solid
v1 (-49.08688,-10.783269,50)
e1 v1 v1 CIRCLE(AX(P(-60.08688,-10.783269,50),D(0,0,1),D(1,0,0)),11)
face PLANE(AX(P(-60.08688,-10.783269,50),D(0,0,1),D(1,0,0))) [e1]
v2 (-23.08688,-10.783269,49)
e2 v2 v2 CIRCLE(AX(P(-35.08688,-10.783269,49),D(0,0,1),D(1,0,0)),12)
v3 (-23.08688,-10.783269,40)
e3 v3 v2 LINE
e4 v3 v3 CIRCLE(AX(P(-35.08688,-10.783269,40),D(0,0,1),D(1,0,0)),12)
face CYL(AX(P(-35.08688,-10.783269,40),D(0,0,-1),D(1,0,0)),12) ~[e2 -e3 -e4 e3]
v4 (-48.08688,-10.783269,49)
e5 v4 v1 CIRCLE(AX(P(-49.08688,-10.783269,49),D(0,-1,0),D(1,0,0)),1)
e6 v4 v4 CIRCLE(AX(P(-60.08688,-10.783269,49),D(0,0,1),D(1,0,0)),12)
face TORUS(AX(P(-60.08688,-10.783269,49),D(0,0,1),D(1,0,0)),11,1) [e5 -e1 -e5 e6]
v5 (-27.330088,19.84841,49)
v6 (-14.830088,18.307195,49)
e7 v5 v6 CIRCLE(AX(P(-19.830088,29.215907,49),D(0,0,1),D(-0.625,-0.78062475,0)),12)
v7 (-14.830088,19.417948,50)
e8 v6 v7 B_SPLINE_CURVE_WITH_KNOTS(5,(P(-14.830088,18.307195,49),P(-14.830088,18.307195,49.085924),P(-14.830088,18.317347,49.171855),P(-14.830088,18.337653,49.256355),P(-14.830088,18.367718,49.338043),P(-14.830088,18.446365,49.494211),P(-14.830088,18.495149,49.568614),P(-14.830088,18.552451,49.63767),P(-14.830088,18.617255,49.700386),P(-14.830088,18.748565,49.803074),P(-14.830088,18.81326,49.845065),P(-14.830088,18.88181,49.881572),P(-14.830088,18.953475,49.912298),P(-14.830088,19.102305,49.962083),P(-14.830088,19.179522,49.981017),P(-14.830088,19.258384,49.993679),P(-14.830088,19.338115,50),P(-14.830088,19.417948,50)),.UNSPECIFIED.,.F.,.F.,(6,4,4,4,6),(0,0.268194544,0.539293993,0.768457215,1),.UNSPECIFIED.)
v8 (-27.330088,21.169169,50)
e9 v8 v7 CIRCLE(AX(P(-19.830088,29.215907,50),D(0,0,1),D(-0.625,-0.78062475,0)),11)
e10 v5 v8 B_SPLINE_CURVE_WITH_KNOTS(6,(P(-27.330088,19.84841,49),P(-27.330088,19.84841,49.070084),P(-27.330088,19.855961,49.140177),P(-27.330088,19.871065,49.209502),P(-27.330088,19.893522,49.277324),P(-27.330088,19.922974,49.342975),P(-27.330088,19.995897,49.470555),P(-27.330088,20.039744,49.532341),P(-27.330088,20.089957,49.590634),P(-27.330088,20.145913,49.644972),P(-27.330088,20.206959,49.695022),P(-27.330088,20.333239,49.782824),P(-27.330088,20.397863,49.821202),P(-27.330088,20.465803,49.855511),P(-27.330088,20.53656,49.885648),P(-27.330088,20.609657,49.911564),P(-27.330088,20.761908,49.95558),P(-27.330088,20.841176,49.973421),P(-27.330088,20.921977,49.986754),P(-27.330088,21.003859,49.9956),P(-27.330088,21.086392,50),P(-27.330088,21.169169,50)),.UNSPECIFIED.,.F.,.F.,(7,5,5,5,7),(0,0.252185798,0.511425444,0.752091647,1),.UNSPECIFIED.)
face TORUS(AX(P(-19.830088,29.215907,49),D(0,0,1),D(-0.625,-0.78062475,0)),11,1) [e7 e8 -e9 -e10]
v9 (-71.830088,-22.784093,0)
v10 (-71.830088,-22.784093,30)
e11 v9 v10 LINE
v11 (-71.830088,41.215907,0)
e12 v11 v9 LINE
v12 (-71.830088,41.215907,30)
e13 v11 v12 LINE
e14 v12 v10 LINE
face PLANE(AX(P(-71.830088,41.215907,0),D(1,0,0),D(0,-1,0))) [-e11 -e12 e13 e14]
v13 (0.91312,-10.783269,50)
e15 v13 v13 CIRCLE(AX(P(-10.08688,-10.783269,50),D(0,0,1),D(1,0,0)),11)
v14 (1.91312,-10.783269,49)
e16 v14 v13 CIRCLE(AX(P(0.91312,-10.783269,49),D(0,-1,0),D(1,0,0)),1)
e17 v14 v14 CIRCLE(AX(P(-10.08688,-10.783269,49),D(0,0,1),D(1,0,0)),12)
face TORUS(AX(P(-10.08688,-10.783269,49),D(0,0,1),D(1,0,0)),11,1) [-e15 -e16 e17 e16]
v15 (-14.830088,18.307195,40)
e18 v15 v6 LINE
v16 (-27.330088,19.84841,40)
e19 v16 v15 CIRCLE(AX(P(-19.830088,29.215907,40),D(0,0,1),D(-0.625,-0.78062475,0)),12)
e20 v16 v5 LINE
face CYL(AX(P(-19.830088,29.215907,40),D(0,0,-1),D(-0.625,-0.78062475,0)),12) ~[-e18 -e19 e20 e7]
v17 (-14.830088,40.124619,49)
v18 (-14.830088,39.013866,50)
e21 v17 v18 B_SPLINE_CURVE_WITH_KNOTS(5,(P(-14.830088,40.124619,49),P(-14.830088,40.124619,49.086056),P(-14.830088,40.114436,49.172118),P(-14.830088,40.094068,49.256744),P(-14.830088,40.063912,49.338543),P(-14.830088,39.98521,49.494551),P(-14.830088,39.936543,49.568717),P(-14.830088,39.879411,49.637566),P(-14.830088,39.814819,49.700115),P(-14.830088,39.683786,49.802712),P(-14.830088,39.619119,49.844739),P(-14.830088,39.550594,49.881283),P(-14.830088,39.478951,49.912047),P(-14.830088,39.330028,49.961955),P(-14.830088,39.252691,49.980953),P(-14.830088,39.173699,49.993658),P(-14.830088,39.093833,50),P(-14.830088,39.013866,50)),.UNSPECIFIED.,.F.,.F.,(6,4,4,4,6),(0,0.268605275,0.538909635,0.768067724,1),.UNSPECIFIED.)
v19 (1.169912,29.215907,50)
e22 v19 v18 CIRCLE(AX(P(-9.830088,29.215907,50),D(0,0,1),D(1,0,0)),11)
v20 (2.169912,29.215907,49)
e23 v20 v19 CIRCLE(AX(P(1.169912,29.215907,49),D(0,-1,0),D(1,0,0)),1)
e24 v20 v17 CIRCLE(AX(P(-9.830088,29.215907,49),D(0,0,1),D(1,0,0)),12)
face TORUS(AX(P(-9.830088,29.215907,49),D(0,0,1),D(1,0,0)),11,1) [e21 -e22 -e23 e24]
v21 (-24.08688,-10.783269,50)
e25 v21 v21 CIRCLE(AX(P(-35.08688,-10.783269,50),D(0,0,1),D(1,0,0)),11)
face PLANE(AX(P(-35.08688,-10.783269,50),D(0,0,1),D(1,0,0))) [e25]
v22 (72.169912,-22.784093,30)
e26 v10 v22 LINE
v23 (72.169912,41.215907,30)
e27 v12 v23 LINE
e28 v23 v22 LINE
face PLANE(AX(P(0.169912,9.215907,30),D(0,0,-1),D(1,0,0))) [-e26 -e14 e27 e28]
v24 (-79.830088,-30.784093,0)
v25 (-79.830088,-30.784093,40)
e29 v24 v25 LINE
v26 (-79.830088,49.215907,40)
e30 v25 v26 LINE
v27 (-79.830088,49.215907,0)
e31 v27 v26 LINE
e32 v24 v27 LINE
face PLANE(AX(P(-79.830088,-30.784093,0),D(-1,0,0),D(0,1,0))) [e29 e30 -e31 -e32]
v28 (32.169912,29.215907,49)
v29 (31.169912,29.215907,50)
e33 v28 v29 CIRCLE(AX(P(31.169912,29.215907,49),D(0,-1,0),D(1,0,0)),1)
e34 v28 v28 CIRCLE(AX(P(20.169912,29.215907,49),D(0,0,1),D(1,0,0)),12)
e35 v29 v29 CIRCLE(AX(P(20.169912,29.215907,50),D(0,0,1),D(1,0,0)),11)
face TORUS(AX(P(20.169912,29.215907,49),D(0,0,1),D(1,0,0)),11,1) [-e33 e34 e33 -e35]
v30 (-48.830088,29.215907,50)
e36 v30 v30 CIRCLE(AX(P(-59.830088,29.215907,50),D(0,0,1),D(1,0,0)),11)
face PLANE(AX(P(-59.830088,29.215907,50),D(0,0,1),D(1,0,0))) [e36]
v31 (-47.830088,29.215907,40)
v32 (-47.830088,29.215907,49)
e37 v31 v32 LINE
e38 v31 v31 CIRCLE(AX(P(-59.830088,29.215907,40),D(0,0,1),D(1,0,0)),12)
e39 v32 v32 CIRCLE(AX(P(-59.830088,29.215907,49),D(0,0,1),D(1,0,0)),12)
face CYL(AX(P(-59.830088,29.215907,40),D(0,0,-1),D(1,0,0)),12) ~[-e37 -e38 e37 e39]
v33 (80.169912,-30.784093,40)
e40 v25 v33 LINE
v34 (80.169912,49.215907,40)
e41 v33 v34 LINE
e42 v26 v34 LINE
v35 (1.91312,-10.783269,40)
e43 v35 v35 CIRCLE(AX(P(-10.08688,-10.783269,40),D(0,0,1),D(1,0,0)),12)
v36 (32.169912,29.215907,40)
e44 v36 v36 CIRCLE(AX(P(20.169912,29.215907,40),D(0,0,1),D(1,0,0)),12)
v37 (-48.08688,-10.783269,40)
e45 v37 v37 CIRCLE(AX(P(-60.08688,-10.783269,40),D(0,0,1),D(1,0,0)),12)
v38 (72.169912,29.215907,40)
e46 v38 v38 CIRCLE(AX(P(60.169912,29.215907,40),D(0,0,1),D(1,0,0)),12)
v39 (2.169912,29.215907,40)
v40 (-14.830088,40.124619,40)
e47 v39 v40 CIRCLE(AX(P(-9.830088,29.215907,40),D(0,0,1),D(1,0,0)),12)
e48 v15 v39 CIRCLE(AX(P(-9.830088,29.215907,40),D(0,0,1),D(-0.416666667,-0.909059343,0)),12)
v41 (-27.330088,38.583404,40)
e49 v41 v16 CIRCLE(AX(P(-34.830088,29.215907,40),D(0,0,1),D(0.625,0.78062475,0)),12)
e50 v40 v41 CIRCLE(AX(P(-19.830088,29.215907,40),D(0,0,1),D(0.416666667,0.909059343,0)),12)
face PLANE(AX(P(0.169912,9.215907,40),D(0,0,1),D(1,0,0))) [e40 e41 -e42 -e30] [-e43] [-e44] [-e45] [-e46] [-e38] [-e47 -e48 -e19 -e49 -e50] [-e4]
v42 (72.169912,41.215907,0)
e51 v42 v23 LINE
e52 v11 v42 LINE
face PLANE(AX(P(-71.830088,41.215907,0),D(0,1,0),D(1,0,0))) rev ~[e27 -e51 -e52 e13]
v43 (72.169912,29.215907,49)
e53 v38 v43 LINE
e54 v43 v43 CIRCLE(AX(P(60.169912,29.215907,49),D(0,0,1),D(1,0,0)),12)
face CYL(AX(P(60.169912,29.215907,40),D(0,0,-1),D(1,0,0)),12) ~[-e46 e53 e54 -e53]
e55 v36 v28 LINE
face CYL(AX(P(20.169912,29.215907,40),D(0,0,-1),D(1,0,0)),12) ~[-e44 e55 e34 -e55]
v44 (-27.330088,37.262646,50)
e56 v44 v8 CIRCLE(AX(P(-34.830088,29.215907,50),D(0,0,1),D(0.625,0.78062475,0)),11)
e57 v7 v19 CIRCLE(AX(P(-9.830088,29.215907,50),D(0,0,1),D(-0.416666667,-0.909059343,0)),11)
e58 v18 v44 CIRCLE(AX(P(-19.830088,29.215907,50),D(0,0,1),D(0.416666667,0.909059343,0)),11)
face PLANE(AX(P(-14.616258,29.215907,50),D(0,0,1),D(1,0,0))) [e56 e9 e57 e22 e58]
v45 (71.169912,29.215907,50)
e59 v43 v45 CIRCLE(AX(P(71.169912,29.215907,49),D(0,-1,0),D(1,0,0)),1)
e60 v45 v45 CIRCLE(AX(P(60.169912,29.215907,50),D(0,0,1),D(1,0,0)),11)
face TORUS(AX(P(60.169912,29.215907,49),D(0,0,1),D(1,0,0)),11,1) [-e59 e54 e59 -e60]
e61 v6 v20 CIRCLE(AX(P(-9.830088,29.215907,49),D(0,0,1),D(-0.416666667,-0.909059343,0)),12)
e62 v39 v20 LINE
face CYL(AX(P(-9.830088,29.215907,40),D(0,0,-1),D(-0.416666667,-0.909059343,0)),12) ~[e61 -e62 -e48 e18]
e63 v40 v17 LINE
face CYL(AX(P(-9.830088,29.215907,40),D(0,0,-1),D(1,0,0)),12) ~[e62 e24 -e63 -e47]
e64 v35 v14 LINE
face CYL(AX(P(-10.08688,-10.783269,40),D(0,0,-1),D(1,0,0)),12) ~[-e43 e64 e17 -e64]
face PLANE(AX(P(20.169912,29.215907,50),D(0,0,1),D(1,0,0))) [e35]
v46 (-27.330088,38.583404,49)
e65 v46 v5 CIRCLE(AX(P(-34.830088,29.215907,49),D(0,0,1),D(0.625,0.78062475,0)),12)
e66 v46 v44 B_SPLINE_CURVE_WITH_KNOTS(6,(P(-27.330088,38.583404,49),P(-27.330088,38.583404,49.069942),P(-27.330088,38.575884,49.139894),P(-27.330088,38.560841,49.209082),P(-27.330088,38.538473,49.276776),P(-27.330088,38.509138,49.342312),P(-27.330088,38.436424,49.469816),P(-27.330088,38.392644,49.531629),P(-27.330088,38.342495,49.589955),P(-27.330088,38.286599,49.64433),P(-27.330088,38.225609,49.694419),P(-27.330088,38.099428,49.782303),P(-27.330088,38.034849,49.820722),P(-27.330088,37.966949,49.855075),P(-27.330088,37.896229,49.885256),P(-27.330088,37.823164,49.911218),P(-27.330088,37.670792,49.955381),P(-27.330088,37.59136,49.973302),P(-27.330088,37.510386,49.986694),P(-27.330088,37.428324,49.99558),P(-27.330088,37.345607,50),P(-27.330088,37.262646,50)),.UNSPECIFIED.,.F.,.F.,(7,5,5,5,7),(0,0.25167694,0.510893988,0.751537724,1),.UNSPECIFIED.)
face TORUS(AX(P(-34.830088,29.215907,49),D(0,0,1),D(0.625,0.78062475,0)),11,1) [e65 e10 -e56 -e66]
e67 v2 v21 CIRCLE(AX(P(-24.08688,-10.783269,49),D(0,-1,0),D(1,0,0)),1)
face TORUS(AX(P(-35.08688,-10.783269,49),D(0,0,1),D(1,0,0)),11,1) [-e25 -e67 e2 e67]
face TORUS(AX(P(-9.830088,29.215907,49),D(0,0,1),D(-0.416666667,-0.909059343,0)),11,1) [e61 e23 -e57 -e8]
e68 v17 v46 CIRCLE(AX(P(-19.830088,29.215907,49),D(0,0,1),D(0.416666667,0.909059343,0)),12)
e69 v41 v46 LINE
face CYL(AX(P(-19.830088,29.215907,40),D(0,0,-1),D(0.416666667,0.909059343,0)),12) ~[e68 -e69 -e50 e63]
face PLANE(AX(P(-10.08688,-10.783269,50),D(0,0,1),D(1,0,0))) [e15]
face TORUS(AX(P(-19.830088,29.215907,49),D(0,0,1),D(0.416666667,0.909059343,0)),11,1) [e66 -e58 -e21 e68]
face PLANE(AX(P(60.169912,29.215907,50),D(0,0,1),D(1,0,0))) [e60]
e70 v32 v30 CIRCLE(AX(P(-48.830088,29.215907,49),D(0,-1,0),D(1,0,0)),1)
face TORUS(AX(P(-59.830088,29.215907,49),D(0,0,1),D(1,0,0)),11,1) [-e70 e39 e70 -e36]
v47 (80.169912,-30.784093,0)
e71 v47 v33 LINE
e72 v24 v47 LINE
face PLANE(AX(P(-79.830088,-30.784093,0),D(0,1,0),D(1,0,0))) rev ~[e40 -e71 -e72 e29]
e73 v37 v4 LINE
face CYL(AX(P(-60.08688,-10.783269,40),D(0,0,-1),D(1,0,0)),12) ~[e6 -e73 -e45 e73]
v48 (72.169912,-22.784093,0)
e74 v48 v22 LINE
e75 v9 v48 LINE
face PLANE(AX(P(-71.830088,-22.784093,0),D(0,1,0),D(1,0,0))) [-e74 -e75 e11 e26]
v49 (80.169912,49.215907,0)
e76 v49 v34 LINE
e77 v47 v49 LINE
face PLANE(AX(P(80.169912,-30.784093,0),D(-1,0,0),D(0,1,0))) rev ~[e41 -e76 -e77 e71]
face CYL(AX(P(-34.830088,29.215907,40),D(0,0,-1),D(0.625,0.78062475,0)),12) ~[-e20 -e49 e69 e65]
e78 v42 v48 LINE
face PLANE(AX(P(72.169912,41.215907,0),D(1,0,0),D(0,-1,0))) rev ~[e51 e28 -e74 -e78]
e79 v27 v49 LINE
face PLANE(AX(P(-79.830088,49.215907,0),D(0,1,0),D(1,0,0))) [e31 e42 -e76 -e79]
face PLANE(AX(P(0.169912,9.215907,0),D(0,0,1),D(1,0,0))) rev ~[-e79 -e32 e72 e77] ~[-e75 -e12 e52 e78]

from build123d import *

# Parameters (mm, degrees)
F0_W     = 160
F0_H     = 80
F1_DEPTH = 40
F2_W     = 144
F2_H     = 64
F3_DEPTH = 30
F4_R     = 12
F5_DEPTH = 10
F6_R     = 1


with BuildPart() as f1:
    # F0 (on Top) → F1 (new body)
    with BuildSketch(Plane.XY):
        with Locations((0.1699122787, 9.2159071565)):
            Rectangle(F0_W, F0_H)
    extrude(amount=F1_DEPTH)

    # F2 (on face) → F3 (cut)
    with BuildSketch(Plane(origin=(0, 0, 0), x_dir=(1, 0, 0), z_dir=(0, 0, -1))):
        with Locations((0.1699122787, -9.2159071565)):
            Rectangle(F2_W, F2_H)
    extrude(amount=-F3_DEPTH, mode=Mode.SUBTRACT)

    # F4 (on face) → F5 (join)
    with BuildSketch(Plane.XY.offset(40)):
        with Locations((-59.8300877213, 29.2159071565)):
            Circle(F4_R)
        with BuildLine():
            ThreePointArc((-14.8300877213, 18.3071950418), (-9.730582783, 22.7351664581), (-7.8300877213, 29.2159071565))
            ThreePointArc((-7.8300877213, 29.2159071565), (-9.730582783, 35.6966478549), (-14.8300877213, 40.1246192711))
            ThreePointArc((-14.8300877213, 40.1246192711), (-21.8300877213, 29.2159071565), (-14.8300877213, 18.3071950418))
        make_face()
        with BuildLine():
            ThreePointArc((-14.8300877213, 40.1246192711), (-9.730582783, 35.6966478549), (-7.8300877213, 29.2159071565))
            ThreePointArc((-7.8300877213, 29.2159071565), (-9.730582783, 22.7351664581), (-14.8300877213, 18.3071950418))
            ThreePointArc((-14.8300877213, 18.3071950418), (-3.3493470229, 19.1164022181), (2.1699122787, 29.2159071565))
            ThreePointArc((2.1699122787, 29.2159071565), (-3.3493470229, 39.3154120948), (-14.8300877213, 40.1246192711))
        make_face()
        with BuildLine():
            ThreePointArc((-14.8300877213, 18.3071950418), (-21.8300877213, 29.2159071565), (-14.8300877213, 40.1246192711))
            ThreePointArc((-14.8300877213, 40.1246192711), (-21.298534523, 41.1257209246), (-27.3300877213, 38.5834041541))
            ThreePointArc((-27.3300877213, 38.5834041541), (-24.013433895, 34.4120595792), (-22.8300877213, 29.2159071565))
            ThreePointArc((-22.8300877213, 29.2159071565), (-24.013433895, 24.0197547338), (-27.3300877213, 19.8484101589))
            ThreePointArc((-27.3300877213, 19.8484101589), (-21.298534523, 17.3060933884), (-14.8300877213, 18.3071950418))
        make_face()
        with BuildLine():
            ThreePointArc((-22.8300877213, 29.2159071565), (-24.013433895, 34.4120595792), (-27.3300877213, 38.5834041541))
            ThreePointArc((-27.3300877213, 38.5834041541), (-31.8300877213, 29.2159071565), (-27.3300877213, 19.8484101589))
            ThreePointArc((-27.3300877213, 19.8484101589), (-24.013433895, 24.0197547338), (-22.8300877213, 29.2159071565))
        make_face()
        with BuildLine():
            ThreePointArc((-27.3300877213, 19.8484101589), (-31.8300877213, 29.2159071565), (-27.3300877213, 38.5834041541))
            ThreePointArc((-27.3300877213, 38.5834041541), (-46.8300877213, 29.2159071565), (-27.3300877213, 19.8484101589))
        make_face()
        with Locations((20.1699122787, 29.2159071565)):
            Circle(F4_R)
        with Locations((60.1699122787, 29.2159071565)):
            Circle(F4_R)
        with Locations((-60.0868802166, -10.7832685552)):
            Circle(F4_R)
        with Locations((-35.0868802166, -10.7832685552)):
            Circle(F4_R)
        with Locations((-10.0868802166, -10.7832685552)):
            Circle(F4_R)
    extrude(amount=F5_DEPTH)

    # F6
    f6_edges = [f1.edges().sort_by_distance(p)[0] for p in [
        (8.169912, 29.215907, 50),
        (48.169912, 29.215907, 50),
        (2.169912, 29.215907, 50),
        (-21.298535, 41.125721, 50),
        (-46.830088, 29.215907, 50),
        (-21.298535, 17.306093, 50),
        (-71.830088, 29.215907, 50),
        (-72.08688, -10.783269, 50),
        (-47.08688, -10.783269, 50),
        (-22.08688, -10.783269, 50),
    ]]
    fillet(f6_edges, radius=F6_R)


solid = f1.part
